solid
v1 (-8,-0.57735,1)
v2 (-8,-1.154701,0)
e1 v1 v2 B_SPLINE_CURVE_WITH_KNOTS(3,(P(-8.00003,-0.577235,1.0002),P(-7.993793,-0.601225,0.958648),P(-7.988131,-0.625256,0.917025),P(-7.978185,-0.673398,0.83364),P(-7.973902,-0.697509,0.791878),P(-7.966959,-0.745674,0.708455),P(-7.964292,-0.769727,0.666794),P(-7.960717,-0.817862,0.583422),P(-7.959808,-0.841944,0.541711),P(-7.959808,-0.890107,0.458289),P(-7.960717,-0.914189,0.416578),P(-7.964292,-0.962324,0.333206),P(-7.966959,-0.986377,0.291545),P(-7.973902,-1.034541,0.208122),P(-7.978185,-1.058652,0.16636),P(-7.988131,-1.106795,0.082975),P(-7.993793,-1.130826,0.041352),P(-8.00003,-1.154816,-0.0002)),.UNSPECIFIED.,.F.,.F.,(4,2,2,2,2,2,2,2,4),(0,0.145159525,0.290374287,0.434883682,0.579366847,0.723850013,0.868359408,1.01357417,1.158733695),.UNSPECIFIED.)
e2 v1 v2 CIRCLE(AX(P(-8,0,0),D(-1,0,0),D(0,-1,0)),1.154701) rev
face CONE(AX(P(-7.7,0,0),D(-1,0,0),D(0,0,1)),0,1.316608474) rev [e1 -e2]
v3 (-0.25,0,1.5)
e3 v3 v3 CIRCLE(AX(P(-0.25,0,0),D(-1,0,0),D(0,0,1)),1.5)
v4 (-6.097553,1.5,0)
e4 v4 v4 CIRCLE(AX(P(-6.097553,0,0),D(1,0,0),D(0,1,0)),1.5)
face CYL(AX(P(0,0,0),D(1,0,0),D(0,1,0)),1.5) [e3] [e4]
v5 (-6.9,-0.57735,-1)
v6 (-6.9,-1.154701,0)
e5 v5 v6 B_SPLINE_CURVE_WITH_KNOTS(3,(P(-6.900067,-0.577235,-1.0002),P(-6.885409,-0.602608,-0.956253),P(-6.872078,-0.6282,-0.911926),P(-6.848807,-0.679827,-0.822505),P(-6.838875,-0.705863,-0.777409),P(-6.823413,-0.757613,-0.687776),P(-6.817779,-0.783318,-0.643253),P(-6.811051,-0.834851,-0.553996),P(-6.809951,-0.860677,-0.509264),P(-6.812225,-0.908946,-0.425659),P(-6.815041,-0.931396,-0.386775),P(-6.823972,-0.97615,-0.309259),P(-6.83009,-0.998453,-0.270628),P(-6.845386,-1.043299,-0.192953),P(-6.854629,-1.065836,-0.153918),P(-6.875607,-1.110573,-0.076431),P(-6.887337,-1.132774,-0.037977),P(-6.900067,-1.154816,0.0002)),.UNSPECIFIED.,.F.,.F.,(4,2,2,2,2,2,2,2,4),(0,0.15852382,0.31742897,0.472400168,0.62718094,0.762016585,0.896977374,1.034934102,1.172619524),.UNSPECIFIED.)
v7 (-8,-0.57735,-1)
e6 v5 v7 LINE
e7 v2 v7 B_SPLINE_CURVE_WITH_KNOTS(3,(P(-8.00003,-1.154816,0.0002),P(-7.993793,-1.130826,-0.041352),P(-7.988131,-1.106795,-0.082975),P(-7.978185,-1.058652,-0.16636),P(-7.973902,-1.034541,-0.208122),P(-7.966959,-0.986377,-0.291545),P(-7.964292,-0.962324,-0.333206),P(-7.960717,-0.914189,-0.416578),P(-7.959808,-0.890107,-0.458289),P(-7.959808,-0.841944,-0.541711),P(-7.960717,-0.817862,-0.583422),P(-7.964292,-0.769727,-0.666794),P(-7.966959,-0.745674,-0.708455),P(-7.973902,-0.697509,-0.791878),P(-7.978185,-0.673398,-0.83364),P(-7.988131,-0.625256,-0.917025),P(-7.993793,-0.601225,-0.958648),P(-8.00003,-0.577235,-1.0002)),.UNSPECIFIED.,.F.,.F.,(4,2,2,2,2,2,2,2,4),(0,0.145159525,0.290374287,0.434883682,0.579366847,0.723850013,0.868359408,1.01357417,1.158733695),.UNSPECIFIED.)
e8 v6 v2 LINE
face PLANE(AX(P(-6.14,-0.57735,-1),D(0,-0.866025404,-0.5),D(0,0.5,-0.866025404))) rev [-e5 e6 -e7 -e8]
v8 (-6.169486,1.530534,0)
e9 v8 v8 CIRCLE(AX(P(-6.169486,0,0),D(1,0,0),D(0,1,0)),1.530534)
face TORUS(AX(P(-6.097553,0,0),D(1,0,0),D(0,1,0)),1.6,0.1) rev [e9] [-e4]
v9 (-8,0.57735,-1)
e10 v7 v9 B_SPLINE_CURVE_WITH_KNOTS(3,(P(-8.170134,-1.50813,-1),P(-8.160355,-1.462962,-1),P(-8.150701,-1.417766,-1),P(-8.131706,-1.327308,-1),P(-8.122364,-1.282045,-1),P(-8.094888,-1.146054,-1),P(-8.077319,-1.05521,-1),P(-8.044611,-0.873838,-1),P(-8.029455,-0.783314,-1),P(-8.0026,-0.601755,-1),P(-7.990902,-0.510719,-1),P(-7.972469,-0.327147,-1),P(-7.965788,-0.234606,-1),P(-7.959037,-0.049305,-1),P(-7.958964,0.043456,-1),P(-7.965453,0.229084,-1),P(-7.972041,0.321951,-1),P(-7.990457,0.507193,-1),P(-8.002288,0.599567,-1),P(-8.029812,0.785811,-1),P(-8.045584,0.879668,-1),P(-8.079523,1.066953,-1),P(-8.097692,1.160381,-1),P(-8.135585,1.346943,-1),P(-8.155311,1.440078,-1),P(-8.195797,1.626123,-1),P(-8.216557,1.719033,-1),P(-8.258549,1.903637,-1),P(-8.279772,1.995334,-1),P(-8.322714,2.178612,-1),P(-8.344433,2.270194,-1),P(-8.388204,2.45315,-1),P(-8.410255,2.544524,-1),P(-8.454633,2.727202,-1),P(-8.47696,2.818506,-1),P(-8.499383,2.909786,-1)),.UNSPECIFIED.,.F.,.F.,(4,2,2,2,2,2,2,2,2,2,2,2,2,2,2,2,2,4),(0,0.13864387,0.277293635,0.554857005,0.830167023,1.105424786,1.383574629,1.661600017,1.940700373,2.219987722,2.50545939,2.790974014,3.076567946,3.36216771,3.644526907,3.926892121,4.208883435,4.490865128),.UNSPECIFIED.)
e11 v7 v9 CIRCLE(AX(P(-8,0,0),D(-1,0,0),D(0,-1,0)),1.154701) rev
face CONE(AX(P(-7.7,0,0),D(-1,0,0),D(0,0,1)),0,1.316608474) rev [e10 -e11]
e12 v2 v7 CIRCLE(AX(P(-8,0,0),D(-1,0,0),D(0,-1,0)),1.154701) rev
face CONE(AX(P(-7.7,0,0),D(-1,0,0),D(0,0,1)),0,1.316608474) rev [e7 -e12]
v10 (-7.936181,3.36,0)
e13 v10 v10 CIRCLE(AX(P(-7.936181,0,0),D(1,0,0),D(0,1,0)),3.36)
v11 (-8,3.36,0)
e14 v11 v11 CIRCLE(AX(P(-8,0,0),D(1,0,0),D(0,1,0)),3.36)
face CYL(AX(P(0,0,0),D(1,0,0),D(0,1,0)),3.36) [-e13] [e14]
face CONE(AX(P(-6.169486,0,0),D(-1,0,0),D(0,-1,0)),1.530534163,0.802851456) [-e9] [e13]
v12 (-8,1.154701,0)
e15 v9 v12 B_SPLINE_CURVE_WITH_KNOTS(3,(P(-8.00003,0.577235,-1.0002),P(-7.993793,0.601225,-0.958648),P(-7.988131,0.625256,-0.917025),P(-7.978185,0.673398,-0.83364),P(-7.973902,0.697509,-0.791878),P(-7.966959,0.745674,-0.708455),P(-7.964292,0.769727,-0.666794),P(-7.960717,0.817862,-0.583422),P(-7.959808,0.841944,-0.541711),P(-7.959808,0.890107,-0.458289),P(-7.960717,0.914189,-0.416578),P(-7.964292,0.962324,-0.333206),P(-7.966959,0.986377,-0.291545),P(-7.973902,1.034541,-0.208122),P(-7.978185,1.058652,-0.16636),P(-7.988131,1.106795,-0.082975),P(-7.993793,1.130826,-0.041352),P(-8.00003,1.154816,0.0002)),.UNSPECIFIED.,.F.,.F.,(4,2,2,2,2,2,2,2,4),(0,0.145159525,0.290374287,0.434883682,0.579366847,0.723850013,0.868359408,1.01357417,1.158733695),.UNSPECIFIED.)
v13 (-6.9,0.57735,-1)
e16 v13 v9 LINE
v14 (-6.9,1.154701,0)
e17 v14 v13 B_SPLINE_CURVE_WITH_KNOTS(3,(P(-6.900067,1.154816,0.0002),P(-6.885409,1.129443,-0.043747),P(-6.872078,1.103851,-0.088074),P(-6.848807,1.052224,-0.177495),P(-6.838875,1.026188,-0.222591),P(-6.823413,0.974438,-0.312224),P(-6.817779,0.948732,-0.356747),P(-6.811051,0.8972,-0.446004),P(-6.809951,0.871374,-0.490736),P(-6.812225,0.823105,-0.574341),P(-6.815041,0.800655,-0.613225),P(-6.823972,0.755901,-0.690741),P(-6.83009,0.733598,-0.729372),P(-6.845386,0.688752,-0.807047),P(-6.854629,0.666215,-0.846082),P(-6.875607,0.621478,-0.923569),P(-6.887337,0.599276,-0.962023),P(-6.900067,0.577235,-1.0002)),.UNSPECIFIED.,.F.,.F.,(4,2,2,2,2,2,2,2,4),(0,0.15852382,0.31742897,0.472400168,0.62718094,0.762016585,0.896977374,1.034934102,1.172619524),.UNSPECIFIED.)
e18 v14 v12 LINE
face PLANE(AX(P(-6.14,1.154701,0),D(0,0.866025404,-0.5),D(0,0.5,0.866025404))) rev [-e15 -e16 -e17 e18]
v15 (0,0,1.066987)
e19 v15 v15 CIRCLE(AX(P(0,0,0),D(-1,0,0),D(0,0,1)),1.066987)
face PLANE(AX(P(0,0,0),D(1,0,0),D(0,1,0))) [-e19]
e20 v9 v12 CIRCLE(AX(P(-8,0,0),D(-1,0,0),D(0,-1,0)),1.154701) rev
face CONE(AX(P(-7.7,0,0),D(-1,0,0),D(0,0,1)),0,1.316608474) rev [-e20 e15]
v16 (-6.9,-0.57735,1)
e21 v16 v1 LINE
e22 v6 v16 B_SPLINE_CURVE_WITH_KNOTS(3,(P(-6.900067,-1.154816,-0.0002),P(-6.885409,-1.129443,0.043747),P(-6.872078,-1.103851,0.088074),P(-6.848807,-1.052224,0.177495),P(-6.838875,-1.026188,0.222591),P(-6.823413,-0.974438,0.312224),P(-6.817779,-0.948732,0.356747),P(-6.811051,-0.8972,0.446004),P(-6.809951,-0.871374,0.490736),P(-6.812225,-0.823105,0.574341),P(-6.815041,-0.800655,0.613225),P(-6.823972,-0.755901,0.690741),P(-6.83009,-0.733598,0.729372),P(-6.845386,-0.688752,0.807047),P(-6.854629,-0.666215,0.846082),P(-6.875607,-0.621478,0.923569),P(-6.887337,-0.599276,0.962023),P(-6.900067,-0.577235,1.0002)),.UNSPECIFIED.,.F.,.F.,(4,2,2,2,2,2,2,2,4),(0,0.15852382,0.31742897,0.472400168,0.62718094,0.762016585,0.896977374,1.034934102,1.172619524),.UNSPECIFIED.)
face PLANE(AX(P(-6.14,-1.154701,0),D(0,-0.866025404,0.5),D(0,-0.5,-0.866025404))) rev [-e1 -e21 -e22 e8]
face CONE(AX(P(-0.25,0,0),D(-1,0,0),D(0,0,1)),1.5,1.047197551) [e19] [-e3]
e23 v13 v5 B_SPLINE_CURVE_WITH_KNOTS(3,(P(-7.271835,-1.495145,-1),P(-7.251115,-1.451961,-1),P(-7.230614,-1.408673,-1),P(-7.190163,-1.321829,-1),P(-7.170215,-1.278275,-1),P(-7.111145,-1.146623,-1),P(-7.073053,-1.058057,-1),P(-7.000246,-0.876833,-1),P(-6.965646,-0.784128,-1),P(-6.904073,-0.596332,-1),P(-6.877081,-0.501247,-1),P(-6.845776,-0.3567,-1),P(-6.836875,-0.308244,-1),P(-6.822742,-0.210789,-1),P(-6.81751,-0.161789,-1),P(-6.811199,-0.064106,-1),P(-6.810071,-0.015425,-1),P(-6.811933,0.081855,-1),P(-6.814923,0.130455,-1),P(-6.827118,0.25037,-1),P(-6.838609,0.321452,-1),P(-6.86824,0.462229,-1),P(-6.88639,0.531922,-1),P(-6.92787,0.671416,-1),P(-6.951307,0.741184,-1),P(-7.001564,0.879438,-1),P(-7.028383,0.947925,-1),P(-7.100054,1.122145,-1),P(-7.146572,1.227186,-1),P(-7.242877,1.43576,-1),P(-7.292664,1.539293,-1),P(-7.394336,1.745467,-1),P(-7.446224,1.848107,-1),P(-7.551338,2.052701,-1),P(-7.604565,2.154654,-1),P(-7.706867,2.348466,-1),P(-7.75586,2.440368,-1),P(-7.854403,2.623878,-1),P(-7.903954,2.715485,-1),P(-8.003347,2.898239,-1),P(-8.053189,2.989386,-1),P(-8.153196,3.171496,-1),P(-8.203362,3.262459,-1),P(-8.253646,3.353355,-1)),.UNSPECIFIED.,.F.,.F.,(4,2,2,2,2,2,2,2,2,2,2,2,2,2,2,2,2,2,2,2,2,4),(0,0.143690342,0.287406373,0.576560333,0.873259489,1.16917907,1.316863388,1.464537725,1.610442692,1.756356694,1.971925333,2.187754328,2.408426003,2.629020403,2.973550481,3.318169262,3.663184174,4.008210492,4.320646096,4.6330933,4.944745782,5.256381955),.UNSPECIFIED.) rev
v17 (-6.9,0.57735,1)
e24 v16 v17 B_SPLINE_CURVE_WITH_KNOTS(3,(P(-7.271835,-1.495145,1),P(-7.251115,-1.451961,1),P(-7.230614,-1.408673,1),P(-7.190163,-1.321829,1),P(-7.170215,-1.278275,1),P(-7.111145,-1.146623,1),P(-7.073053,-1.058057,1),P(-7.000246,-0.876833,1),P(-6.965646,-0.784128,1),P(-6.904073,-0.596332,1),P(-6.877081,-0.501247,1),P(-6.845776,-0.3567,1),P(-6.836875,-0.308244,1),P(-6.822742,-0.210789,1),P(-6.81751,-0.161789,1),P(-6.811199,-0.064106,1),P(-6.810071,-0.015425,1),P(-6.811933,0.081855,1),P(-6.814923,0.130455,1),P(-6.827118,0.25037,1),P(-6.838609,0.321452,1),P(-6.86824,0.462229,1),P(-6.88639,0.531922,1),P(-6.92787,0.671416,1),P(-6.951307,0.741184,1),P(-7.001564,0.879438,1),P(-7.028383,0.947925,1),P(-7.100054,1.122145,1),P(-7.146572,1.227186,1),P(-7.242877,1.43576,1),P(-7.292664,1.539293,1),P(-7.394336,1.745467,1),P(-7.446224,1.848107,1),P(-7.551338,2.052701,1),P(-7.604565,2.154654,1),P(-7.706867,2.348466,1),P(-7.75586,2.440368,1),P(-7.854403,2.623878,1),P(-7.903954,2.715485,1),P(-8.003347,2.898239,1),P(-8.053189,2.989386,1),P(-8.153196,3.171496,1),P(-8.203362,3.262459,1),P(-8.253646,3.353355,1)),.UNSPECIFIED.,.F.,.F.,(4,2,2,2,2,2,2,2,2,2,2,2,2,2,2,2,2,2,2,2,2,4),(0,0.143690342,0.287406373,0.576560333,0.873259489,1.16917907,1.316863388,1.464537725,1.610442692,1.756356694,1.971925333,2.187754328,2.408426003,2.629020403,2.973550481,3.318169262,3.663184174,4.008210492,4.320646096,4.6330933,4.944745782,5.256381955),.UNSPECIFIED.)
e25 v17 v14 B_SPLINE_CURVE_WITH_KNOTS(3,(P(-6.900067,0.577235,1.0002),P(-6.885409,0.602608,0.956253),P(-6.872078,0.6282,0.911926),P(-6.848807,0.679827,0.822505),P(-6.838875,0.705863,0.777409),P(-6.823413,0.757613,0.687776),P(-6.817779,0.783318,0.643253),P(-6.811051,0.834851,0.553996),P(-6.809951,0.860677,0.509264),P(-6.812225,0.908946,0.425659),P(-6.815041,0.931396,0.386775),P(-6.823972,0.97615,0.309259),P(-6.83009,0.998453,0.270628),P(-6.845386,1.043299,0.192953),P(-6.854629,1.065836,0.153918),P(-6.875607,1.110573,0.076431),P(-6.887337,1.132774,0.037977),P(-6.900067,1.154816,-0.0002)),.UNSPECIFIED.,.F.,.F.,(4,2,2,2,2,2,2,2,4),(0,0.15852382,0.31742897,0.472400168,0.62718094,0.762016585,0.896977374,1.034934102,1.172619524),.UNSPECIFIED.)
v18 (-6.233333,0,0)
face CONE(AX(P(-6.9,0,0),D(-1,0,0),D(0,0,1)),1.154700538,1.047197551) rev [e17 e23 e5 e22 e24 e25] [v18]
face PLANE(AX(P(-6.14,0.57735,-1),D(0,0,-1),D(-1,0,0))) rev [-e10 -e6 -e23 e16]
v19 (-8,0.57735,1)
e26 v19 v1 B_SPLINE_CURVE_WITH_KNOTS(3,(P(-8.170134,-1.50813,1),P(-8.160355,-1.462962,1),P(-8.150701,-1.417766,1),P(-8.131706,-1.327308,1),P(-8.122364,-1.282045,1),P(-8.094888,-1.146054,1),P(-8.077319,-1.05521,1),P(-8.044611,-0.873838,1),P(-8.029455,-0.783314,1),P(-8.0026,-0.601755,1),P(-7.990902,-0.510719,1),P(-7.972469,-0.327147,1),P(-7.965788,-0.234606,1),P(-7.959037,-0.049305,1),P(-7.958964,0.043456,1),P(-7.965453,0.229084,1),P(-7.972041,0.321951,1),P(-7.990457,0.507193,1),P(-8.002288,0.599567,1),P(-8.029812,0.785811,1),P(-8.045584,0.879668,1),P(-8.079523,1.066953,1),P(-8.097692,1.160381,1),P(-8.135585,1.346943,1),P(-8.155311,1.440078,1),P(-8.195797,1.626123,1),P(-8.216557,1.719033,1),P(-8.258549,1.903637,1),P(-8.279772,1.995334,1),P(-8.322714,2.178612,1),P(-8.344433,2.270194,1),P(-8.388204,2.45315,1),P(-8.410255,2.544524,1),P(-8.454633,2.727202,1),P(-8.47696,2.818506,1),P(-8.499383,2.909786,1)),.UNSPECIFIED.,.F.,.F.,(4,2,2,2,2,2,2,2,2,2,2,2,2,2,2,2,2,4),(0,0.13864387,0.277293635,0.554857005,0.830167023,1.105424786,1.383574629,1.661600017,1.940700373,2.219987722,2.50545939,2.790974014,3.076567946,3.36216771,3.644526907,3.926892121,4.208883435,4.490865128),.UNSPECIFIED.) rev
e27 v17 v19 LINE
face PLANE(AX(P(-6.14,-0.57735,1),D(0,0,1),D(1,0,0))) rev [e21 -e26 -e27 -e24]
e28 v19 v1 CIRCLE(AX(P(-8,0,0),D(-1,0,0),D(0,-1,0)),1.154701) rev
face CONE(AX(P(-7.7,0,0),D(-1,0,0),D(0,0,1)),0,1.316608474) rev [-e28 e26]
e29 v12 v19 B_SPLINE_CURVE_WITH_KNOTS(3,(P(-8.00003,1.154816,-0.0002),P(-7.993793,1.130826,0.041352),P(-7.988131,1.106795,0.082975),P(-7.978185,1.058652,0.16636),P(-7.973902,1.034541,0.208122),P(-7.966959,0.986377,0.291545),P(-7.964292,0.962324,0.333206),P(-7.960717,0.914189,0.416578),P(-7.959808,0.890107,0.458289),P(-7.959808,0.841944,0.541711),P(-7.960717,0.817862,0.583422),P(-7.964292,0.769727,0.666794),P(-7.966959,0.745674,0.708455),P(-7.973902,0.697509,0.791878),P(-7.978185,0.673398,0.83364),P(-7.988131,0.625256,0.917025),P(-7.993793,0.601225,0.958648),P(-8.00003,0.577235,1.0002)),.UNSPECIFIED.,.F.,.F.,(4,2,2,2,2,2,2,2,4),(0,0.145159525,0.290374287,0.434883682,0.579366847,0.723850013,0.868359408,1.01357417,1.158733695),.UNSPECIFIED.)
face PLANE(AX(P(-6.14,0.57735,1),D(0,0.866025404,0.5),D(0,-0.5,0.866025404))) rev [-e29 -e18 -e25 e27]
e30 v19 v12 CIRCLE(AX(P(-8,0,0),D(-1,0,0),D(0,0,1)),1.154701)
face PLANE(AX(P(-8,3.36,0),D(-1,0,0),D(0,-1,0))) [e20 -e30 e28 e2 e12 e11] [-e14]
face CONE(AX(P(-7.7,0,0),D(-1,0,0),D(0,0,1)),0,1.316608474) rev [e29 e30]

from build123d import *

# Parameters (mm, degrees)
CUT_EXTRUDE_1_DEPTH = 1.86


with BuildPart() as part:
    # 草图1 → 旋转1 (revolve)
    with BuildSketch(Plane.XY):
        with BuildLine():
            Line((0, 1.5), (-6.097552518, 1.5))
            ThreePointArc((-6.097552518, 1.5), (-6.136625631, 1.507949515), (-6.169486498, 1.530534163))
            Line((-6.169486498, 1.530534163), (-7.936181121, 3.36))
            Line((-7.936181121, 3.36), (-8, 3.36))
            Line((-8, 3.36), (-8, 0))
            Line((-8, 0), (0, 0))
            Line((0, 0), (0, 1.5))
        make_face()
    revolve(axis=Axis((0, 0, 0), (-1, 0, 0)))

    # 草图2 → 切除-拉伸1 (cut)
    with BuildSketch(Plane.ZY.offset(8)):
        Polygon((0, 1.154700538), (-1, 0.577350269), (-1, -0.577350269), (0, -1.154700538), (1, -0.577350269), (1, 0.577350269), align=None)
    extrude(amount=-CUT_EXTRUDE_1_DEPTH, mode=Mode.SUBTRACT)

    # 草图6 → 旋转2 (revolve)
    with BuildSketch(Plane.XY):
        Polygon((-6.9, 1.154700538), (-6.233333333, 0), (-5.84, 0), (-5.84, 1.154700538), align=None)
    revolve(axis=Axis((-8, 0, 0), (1, 0, 0)))

    # 草图7 → 切除-旋转2 (revolve, cut)
    with BuildSketch(Plane.XY):
        Polygon((-8, 1.154700538), (-8, 0), (-7.7, 0), align=None)
    revolve(axis=Axis((-8, 0, 0), (1, 0, 0)), mode=Mode.SUBTRACT)

    # 草图4 → 切除-旋转1 (revolve, cut)
    with BuildSketch(Plane.XY):
        Polygon((-0.25, 1.5), (0, 1.066987298), (0.25, 1.5), align=None)
    revolve(axis=Axis((-0.25, 0, 0), (1, 0, 0)), mode=Mode.SUBTRACT)


solid = part.part
